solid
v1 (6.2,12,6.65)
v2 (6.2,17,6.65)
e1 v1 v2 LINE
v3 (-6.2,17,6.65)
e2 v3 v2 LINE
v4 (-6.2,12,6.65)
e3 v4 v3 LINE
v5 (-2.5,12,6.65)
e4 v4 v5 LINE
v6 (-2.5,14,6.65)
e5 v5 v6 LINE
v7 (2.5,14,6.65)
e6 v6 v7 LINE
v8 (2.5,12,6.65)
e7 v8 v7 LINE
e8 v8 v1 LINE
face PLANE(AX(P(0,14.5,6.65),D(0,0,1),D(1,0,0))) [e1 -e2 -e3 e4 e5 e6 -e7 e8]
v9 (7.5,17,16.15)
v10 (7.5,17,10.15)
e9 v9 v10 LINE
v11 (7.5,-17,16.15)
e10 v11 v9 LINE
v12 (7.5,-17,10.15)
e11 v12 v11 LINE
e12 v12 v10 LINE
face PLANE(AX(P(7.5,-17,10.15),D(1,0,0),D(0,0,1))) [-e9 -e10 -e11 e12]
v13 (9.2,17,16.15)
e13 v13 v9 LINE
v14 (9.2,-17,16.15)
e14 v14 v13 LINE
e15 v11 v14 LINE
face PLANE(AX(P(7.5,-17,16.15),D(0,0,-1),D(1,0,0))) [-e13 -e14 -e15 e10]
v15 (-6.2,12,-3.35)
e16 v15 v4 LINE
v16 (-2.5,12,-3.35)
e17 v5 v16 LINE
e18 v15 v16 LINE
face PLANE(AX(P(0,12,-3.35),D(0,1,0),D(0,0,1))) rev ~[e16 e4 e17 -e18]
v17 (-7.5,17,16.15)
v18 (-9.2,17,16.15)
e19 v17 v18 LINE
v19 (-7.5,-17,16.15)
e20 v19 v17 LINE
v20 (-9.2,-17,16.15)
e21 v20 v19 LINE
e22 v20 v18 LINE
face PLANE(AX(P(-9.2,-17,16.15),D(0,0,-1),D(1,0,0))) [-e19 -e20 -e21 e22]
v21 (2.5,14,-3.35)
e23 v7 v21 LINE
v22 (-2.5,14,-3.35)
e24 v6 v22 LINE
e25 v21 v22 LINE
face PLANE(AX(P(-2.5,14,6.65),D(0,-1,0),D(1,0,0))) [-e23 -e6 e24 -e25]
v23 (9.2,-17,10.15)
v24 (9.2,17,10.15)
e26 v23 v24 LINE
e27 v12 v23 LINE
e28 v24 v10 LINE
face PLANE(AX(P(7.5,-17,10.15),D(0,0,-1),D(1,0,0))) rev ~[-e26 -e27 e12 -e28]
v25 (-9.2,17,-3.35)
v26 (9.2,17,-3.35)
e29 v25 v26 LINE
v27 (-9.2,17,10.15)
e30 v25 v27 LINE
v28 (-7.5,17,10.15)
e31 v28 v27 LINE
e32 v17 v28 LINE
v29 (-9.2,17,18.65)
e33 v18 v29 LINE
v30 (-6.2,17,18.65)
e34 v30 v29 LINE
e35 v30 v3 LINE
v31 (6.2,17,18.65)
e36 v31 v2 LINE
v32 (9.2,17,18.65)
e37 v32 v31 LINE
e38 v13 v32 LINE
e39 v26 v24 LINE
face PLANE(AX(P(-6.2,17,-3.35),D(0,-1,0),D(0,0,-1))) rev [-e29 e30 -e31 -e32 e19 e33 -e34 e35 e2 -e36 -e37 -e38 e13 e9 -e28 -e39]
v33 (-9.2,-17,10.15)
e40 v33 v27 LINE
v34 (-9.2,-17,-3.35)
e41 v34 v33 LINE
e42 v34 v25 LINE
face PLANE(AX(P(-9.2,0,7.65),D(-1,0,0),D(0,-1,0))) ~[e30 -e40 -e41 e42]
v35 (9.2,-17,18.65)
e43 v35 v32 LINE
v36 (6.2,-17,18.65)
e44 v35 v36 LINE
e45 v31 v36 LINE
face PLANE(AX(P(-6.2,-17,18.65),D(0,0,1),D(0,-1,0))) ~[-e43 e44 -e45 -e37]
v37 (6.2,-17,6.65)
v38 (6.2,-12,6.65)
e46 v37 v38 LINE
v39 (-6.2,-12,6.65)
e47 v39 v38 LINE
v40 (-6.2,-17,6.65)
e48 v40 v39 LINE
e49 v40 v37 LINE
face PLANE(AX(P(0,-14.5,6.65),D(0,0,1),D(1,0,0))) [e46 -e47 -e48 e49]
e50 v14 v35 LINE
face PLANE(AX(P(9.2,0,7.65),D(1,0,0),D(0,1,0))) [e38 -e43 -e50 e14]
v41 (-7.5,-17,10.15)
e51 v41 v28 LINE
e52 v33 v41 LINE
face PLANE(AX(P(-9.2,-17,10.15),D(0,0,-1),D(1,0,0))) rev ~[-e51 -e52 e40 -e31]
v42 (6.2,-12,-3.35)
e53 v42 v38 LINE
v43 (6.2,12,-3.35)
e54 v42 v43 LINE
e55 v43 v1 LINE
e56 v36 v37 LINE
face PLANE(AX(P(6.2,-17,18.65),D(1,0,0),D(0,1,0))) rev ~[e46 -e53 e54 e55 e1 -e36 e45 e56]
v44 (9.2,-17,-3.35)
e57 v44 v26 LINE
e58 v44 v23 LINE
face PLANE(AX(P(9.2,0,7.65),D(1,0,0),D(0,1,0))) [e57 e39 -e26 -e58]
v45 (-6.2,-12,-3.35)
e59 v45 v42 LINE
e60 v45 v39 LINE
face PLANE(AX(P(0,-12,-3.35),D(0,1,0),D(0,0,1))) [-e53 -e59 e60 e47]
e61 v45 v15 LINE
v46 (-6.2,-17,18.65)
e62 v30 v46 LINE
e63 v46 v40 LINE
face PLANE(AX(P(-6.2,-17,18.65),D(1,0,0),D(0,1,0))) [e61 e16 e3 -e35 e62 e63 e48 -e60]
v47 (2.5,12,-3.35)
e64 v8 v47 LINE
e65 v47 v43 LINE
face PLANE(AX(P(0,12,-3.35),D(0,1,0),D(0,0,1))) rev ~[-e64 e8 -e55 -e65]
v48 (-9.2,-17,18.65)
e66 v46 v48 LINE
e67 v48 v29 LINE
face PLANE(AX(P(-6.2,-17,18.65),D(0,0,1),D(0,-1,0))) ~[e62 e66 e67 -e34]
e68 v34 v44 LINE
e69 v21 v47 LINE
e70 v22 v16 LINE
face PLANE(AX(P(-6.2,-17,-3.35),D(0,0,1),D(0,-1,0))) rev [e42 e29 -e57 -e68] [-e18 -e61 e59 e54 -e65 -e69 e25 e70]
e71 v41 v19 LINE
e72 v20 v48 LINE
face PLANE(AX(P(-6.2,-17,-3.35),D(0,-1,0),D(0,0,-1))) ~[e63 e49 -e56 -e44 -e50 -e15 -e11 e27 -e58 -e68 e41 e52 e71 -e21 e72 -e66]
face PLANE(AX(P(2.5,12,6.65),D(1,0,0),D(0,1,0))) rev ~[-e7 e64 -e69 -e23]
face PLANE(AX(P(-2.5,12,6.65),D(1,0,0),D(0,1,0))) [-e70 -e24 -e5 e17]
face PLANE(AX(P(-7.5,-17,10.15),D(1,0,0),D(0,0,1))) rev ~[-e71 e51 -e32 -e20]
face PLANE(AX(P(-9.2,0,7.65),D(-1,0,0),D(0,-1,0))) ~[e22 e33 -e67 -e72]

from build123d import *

# Parameters (mm, degrees)
F1_W      = 5
F1_H      = 22
F2_DEPTH  = 6.2
F3_W      = 34
F3_H      = 22
F4_DEPTH  = 3
F6_W      = 12.4
F6_H      = 5
F7_DEPTH  = 12
F8_W      = 5
F8_H      = 2
F9_DEPTH  = 25
F10_W     = 1.7
F10_H     = 6
F11_DEPTH = 34.001


with BuildPart() as f2:
    # F1 (on Right) → F2 (new body, symmetric)
    with BuildSketch(Plane.YZ):
        with Locations((-14.5, 7.65)):
            Rectangle(F1_W, F1_H)
    extrude(amount=F2_DEPTH, both=True)



with BuildPart() as f2b:
    # F1 (on Right) → F2, piece 2 (new body, symmetric)
    with BuildSketch(Plane.YZ):
        with Locations((14.5, 7.65)):
            Rectangle(F1_W, F1_H)
    extrude(amount=F2_DEPTH, both=True)


with BuildPart() as f2_1:
    add(f2.part)

    add(f2b.part)  # F4 merges F2b
    # F3 (on face) → F4 (join)
    with BuildSketch(Plane.YZ.offset(6.2)):
        with Locations((0, 7.65)):
            Rectangle(F3_W, F3_H)
    extrude(amount=F4_DEPTH)

    # F5: F2 across plane


with BuildPart() as f2_2:
    add(f2_1.part)
    add(f2_1.part.mirror(Plane.YZ))

    # F6 (on face) → F7 (cut)
    with BuildSketch(Plane.XY.offset(18.65)):
        with Locations((0, -14.5)):
            Rectangle(F6_W, F6_H)
        with Locations((0, 14.5)):
            Rectangle(F6_W, F6_H)
    extrude(amount=-F7_DEPTH, mode=Mode.SUBTRACT)

    # F8 (on face) → F9 (cut)
    with BuildSketch(Plane.XY.offset(6.65)):
        with Locations((0, 13)):
            Rectangle(F8_W, F8_H)
    extrude(amount=-F9_DEPTH, mode=Mode.SUBTRACT)

    # F10 (on face) → F11 (cut, through all)
    with BuildSketch(Plane.XZ.offset(17)):
        with Locations((-8.35, 13.15)):
            Rectangle(F10_W, F10_H)
        with Locations((8.35, 13.15)):
            Rectangle(F10_W, F10_H)
    extrude(amount=-F11_DEPTH, mode=Mode.SUBTRACT)


solid = f2_2.part
